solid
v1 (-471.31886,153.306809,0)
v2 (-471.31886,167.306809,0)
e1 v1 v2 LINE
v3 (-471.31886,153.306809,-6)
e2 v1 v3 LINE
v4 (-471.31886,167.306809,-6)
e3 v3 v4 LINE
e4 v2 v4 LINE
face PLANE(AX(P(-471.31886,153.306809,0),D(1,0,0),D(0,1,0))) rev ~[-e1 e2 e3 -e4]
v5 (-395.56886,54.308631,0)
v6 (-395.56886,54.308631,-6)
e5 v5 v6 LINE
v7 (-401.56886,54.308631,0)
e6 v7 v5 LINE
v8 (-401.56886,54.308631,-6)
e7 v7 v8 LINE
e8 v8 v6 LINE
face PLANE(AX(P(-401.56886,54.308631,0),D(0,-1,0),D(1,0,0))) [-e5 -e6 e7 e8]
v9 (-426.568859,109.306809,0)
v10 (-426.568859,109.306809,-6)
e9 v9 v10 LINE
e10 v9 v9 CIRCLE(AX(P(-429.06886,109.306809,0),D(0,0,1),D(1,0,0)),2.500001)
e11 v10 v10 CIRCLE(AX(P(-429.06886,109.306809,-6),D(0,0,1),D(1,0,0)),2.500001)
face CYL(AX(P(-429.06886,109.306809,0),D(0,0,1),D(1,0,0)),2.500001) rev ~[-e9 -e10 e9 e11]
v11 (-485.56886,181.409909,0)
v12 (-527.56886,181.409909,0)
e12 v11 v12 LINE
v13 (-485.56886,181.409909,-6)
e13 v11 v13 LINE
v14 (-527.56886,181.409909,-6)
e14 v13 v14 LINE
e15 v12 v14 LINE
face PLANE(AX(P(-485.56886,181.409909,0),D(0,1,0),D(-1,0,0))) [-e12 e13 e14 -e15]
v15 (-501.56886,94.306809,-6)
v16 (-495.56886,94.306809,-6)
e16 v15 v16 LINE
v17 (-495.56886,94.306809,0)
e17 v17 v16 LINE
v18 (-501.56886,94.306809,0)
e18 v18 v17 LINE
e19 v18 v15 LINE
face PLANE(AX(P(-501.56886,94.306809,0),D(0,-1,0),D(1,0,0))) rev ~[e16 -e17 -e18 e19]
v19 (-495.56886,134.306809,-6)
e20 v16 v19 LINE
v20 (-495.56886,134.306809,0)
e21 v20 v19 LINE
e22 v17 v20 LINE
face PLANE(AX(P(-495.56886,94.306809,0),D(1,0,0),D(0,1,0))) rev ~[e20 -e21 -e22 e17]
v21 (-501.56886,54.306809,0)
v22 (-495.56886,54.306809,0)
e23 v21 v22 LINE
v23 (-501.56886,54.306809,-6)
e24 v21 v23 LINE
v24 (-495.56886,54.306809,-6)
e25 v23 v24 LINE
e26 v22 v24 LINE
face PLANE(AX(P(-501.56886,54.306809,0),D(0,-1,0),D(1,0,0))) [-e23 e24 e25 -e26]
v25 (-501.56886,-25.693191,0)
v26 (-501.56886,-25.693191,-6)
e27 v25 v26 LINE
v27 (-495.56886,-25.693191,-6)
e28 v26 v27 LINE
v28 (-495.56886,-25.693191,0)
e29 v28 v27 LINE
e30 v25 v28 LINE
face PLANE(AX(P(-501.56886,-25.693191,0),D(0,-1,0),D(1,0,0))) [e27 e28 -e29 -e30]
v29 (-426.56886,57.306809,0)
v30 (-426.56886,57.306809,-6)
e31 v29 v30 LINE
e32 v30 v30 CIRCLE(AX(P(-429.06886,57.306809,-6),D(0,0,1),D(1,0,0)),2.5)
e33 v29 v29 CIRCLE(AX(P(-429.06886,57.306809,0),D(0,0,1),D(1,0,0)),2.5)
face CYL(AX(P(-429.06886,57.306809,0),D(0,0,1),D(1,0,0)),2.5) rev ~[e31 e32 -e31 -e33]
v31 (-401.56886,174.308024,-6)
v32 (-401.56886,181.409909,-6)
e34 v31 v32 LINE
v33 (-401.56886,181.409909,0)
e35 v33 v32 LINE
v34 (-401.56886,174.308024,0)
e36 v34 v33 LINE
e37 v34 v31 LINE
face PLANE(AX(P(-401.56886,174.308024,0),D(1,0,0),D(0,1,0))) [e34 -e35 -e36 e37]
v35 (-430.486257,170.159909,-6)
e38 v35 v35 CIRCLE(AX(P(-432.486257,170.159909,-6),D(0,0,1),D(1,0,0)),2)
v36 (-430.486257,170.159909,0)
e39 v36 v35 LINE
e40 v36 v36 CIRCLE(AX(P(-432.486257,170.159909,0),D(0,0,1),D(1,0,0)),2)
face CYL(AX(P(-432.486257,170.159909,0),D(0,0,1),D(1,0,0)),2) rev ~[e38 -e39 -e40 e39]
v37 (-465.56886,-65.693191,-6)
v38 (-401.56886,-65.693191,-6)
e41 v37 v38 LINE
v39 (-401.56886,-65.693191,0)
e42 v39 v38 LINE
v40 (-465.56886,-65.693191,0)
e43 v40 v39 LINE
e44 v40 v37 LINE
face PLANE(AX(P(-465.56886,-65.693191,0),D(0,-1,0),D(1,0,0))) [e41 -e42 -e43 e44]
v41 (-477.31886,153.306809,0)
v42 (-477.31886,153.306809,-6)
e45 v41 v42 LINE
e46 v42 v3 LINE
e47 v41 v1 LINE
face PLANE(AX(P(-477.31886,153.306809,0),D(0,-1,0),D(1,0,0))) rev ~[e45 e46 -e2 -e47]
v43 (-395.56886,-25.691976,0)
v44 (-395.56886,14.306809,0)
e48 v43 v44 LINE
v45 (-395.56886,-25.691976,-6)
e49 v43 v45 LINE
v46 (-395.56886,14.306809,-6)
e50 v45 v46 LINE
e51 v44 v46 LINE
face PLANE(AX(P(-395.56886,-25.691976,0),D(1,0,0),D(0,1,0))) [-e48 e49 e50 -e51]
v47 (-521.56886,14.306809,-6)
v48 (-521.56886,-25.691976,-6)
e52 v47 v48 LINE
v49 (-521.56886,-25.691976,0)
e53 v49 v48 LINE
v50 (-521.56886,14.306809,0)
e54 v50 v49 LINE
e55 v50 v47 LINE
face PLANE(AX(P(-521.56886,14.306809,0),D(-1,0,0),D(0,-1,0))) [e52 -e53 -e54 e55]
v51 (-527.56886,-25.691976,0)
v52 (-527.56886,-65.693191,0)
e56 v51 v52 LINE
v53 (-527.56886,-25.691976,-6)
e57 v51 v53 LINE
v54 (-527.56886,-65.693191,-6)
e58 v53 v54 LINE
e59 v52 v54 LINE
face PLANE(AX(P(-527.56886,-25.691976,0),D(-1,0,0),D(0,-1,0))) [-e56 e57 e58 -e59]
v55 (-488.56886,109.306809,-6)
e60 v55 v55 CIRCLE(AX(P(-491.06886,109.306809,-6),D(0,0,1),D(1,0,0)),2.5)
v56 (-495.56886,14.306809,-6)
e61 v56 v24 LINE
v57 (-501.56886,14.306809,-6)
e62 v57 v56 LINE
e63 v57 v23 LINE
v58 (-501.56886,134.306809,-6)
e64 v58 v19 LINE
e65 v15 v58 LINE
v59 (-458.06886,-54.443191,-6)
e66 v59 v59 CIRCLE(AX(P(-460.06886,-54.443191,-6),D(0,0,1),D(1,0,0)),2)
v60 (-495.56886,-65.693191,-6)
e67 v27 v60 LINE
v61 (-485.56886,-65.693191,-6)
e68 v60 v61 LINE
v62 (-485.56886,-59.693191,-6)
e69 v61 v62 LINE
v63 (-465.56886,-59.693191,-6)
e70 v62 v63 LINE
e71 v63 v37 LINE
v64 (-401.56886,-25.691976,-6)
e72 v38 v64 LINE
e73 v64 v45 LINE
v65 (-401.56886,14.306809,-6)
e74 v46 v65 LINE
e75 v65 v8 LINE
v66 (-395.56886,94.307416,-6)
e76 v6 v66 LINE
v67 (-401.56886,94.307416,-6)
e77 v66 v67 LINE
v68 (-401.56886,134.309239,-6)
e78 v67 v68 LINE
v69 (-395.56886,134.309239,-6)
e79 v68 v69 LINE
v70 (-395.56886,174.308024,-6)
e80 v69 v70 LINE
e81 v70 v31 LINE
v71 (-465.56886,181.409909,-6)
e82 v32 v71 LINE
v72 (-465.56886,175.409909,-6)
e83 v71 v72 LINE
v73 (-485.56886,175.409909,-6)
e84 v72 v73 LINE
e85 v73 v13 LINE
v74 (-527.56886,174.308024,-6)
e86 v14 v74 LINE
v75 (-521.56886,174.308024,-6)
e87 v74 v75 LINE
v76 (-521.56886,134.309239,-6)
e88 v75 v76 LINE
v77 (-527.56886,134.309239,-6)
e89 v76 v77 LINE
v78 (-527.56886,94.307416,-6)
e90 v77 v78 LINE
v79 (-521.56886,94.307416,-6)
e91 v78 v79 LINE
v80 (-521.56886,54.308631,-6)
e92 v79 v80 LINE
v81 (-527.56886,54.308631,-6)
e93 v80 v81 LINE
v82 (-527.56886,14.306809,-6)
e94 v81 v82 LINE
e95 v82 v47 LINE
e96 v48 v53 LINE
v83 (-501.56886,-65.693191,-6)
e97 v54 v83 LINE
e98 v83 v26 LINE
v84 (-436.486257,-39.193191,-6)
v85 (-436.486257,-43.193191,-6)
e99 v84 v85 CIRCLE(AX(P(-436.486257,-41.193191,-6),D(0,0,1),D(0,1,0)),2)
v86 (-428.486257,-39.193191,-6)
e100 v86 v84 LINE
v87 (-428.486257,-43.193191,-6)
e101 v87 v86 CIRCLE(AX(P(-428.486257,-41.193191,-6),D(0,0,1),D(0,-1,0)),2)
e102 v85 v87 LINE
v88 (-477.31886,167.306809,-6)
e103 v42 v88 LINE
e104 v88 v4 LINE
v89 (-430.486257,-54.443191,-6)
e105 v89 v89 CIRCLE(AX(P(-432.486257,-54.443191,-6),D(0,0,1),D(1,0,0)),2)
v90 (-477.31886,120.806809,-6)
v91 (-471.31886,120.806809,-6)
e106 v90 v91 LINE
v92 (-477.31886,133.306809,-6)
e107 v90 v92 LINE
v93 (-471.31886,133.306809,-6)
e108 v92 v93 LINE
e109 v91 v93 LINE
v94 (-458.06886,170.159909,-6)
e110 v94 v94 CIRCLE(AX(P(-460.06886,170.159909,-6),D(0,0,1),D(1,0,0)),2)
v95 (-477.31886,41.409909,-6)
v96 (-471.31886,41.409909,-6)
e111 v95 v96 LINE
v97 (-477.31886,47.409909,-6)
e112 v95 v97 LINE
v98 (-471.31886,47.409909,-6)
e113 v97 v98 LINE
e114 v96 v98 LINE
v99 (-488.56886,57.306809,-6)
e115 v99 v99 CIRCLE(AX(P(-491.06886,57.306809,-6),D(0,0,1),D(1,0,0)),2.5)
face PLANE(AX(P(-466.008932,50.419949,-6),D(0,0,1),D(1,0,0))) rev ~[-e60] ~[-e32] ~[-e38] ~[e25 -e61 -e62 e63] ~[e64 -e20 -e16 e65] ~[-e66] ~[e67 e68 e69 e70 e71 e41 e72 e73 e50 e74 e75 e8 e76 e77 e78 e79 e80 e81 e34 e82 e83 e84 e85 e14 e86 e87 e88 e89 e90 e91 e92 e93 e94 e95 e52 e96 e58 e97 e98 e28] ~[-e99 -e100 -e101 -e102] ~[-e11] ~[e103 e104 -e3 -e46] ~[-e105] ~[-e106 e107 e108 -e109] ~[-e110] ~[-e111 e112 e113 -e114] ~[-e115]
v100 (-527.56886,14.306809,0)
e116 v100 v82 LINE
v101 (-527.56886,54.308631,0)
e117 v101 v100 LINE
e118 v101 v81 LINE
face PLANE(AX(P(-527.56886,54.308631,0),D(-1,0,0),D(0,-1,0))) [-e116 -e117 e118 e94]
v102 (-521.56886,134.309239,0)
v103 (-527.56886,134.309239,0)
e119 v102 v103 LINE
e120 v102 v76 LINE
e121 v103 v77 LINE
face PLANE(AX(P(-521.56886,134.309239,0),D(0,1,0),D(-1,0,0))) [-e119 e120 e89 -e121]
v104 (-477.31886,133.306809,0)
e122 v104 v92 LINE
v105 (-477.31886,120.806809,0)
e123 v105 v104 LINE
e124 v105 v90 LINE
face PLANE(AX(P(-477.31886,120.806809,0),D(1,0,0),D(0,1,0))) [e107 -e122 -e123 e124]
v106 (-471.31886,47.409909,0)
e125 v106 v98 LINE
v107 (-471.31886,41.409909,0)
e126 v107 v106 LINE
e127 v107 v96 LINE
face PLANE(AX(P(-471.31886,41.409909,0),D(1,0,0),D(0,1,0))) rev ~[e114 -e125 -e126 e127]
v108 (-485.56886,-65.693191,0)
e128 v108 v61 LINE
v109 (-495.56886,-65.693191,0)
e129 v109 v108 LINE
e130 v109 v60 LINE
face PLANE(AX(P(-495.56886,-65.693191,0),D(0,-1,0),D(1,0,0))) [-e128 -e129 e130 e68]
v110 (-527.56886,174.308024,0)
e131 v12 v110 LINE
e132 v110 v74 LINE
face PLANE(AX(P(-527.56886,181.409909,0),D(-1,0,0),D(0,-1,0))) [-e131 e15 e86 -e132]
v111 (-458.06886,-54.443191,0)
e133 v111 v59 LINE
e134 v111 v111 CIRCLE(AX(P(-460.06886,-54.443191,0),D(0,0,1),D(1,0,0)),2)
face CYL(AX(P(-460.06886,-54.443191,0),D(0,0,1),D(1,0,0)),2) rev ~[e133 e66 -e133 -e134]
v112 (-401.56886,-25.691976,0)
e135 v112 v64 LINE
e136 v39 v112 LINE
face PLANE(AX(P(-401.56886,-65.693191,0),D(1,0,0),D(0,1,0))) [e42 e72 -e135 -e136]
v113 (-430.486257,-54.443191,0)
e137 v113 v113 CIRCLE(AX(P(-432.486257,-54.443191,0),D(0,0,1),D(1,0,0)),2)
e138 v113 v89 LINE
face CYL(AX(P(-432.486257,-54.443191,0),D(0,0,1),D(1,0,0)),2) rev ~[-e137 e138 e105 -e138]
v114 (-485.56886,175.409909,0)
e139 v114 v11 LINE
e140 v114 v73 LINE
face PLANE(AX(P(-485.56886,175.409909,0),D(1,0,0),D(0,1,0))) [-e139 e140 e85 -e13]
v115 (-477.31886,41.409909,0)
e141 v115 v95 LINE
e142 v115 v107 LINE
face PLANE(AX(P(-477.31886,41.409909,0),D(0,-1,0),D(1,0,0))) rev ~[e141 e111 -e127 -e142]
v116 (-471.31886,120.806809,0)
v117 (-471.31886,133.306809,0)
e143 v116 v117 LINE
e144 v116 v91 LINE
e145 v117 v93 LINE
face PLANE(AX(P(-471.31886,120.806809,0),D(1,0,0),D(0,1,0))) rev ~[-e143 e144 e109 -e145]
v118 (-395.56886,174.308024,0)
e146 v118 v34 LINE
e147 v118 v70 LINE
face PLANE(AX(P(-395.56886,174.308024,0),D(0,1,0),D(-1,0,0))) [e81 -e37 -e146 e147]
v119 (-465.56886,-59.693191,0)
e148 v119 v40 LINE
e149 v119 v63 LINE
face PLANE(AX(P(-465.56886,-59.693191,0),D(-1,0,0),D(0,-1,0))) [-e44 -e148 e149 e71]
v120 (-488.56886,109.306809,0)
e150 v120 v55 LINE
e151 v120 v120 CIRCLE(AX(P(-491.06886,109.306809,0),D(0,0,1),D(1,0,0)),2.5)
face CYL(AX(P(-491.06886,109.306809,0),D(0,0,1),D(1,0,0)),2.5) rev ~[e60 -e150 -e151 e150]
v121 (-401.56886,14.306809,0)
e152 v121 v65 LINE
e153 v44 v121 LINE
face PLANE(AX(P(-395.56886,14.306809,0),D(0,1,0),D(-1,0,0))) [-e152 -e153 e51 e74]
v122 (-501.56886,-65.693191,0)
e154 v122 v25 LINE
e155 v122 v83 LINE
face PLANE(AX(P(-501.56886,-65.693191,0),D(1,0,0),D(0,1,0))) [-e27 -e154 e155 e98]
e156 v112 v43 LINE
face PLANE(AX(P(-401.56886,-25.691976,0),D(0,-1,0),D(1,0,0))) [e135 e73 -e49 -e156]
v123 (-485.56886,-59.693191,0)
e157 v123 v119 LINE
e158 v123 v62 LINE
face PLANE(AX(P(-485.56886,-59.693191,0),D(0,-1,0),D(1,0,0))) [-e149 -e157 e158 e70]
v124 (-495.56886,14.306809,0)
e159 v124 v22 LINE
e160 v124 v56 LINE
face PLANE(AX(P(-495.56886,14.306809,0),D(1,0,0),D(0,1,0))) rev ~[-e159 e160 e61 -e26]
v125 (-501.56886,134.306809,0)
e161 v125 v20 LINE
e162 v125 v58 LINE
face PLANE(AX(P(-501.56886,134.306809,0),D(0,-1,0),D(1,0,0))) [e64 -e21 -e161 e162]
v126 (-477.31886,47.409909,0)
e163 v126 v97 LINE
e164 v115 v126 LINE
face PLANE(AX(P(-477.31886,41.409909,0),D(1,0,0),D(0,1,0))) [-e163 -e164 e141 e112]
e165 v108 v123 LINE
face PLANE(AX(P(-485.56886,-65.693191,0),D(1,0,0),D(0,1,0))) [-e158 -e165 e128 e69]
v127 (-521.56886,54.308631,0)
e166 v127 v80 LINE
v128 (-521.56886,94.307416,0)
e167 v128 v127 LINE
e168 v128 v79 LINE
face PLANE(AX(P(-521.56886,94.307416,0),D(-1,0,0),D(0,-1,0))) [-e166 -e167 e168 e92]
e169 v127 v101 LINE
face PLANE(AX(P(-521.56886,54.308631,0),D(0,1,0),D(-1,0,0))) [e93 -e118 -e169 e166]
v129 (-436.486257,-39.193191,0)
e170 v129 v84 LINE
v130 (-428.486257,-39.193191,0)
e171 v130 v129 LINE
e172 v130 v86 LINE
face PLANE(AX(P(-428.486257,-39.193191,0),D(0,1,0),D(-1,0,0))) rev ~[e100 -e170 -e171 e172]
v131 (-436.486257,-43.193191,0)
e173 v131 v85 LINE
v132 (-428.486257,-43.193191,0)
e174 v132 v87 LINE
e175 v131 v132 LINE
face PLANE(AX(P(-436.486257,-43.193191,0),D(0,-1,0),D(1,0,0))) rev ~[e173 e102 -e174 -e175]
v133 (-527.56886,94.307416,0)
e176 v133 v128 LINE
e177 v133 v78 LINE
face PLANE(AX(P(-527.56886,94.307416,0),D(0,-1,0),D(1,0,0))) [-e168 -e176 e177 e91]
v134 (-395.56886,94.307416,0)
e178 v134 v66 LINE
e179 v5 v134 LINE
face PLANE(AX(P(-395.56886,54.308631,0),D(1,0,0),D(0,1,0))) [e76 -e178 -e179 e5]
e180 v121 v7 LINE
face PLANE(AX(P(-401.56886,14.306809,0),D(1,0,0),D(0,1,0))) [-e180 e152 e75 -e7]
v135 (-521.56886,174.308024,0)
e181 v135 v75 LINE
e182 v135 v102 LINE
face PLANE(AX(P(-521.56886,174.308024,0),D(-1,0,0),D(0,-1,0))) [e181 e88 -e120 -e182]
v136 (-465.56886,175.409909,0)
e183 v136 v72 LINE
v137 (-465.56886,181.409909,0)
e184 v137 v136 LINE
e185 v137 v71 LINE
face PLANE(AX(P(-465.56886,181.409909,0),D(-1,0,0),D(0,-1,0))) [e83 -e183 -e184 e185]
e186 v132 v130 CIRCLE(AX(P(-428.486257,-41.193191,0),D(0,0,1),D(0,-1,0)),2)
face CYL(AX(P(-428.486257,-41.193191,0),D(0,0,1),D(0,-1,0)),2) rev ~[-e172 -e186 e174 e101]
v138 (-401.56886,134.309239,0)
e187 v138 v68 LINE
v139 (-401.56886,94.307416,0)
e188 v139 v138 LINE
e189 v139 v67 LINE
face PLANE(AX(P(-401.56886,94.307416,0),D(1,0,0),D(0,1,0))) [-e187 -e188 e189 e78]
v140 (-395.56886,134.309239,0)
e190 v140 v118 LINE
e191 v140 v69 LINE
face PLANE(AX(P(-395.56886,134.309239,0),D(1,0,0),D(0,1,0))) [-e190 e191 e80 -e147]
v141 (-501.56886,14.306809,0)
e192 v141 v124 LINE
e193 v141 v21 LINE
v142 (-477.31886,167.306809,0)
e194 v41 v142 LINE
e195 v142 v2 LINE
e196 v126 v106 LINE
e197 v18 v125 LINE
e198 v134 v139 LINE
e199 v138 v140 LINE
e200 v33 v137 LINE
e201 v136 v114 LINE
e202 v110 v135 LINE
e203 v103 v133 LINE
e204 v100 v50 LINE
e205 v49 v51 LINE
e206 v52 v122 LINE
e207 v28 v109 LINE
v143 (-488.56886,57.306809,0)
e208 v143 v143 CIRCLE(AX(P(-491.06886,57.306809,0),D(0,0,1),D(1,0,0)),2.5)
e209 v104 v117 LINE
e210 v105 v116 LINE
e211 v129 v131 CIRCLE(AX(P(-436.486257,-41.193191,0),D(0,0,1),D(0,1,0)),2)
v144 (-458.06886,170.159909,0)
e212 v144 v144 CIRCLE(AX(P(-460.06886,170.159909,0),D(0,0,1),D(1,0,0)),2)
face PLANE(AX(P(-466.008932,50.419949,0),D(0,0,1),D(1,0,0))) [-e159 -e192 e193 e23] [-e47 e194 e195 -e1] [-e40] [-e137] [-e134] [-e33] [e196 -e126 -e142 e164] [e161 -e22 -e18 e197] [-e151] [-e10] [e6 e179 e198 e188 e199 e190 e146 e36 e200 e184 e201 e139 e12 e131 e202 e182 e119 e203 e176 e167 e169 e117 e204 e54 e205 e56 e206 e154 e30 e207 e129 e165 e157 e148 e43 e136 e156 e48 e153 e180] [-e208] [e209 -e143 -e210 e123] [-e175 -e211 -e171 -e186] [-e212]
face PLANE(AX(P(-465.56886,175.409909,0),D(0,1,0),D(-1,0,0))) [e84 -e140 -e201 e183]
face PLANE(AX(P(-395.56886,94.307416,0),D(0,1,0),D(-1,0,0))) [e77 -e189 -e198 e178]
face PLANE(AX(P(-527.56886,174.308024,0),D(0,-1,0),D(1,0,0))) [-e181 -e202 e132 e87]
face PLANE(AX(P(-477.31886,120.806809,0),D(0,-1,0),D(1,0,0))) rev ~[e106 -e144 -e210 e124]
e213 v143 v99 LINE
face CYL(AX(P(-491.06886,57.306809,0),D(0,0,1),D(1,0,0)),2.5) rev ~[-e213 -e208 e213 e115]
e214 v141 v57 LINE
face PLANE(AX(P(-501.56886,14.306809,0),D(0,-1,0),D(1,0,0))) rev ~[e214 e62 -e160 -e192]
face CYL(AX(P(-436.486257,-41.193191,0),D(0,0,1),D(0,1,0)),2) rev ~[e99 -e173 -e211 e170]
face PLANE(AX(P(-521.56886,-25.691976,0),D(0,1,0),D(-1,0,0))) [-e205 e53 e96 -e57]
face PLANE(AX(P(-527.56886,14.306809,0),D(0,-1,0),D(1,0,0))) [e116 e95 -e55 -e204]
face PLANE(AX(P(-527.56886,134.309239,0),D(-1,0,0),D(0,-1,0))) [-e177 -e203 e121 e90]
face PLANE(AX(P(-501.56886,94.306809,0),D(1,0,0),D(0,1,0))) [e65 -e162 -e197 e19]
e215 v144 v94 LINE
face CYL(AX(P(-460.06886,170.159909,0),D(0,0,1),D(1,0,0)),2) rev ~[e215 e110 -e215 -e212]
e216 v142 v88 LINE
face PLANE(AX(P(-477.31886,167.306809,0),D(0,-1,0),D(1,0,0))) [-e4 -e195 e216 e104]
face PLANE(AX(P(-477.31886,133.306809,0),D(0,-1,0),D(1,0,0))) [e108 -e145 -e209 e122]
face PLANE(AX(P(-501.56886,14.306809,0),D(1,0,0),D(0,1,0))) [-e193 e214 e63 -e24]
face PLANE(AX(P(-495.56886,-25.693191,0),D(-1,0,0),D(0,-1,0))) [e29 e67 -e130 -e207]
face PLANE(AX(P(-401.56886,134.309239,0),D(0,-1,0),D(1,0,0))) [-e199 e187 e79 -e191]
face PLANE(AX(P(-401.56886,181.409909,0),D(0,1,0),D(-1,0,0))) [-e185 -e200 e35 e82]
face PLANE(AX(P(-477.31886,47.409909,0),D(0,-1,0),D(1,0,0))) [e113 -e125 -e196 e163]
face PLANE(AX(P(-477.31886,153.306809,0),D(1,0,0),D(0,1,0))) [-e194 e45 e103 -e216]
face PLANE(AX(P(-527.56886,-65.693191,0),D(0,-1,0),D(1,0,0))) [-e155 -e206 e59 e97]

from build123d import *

# Parameters (mm, degrees)
ESQUISSE1_R        = 2.500000039
ESQUISSE1_R_2      = 2.5
ESQUISSE1_R_3      = 2.50000052
ESQUISSE1_R_4      = 2.500000067
ESQUISSE1_R_5      = 2
ESQUISSE1_W        = 6
ESQUISSE1_H        = 40
ESQUISSE1_H_2      = 14.000000003
ESQUISSE1_H_3      = 12.5
ESQUISSE1_H_4      = 6
BOSS_EXTRU_1_DEPTH = 6


with BuildPart() as part:
    # Esquisse1 → Boss.-Extru.1 (new body)
    with BuildSketch(Plane.XY):
        Polygon((-395.568859933, 174.308023863), (-401.568859933, 174.308023863), (-401.568859933, 181.409908735), (-465.568859933, 181.409908735), (-465.568859933, 175.409908735), (-485.568859933, 175.409908735), (-485.568859933, 181.409908735), (-501.568859933, 181.409908735), (-527.568859933, 181.409908735), (-527.568859933, 174.308023863), (-521.568859933, 174.308023863), (-521.568859933, 134.309238722), (-527.568859933, 134.309238722), (-527.568859933, 94.307416433), (-521.568859933, 94.307416433), (-521.568859933, 54.308631292), (-527.568859933, 54.308631292), (-527.568859933, 14.306809003), (-521.568859933, 14.306809003), (-521.568859933, -25.691976137), (-527.568859933, -25.691976137), (-527.568859933, -65.693190997), (-501.568859933, -65.693190997), (-501.568859933, -25.693190997), (-495.568859933, -25.693190997), (-495.568859933, -65.693190997), (-485.568859933, -65.693190997), (-485.568859933, -59.693190997), (-465.568859933, -59.693190997), (-465.568859933, -65.693190997), (-401.568859933, -65.693190997), (-401.568859933, -25.691976137), (-395.568859933, -25.691976137), (-395.568859933, 14.306809003), (-401.568859933, 14.306809003), (-401.568859933, 54.308631292), (-395.568859933, 54.308631292), (-395.568859933, 94.307416433), (-401.568859933, 94.307416433), (-401.568859933, 134.309238722), (-395.568859933, 134.309238722), align=None)
        with Locations((-491.068859894, 57.306809003)):
            Circle(ESQUISSE1_R, mode=Mode.SUBTRACT)
        with Locations((-491.068859933, 109.306809003)):
            Circle(ESQUISSE1_R_2, mode=Mode.SUBTRACT)
        with Locations((-429.068859933, 109.306809003)):
            Circle(ESQUISSE1_R_3, mode=Mode.SUBTRACT)
        with Locations((-429.068859933, 57.306809003)):
            Circle(ESQUISSE1_R_4, mode=Mode.SUBTRACT)
        with Locations((-460.068859933, 170.159908735)):
            Circle(ESQUISSE1_R_5, mode=Mode.SUBTRACT)
        with Locations((-432.48625686, 170.159908735)):
            Circle(ESQUISSE1_R_5, mode=Mode.SUBTRACT)
        with Locations((-460.068859933, -54.443190997)):
            Circle(ESQUISSE1_R_5, mode=Mode.SUBTRACT)
        with Locations((-432.48625686, -54.443190997)):
            Circle(ESQUISSE1_R_5, mode=Mode.SUBTRACT)
        with BuildLine():
            Line((-428.48625686, -39.193190997), (-436.48625686, -39.193190997))
            ThreePointArc((-436.48625686, -39.193190997), (-438.48625686, -41.193190997), (-436.48625686, -43.193190997))
            Line((-436.48625686, -43.193190997), (-428.48625686, -43.193190997))
            ThreePointArc((-428.48625686, -43.193190997), (-426.48625686, -41.193190997), (-428.48625686, -39.193190997))
        make_face(mode=Mode.SUBTRACT)
        with Locations((-498.568859933, 34.306809003)):
            Rectangle(ESQUISSE1_W, ESQUISSE1_H, mode=Mode.SUBTRACT)
        with Locations((-498.568859933, 114.306809003)):
            Rectangle(ESQUISSE1_W, ESQUISSE1_H, mode=Mode.SUBTRACT)
        with Locations((-474.318859933, 160.306809004)):
            Rectangle(ESQUISSE1_W, ESQUISSE1_H_2, mode=Mode.SUBTRACT)
        with Locations((-474.318859933, 127.056809003)):
            Rectangle(ESQUISSE1_W, ESQUISSE1_H_3, mode=Mode.SUBTRACT)
        with Locations((-474.318859933, 44.409908732)):
            Rectangle(ESQUISSE1_W, ESQUISSE1_H_4, mode=Mode.SUBTRACT)
    extrude(amount=-BOSS_EXTRU_1_DEPTH)


solid = part.part
